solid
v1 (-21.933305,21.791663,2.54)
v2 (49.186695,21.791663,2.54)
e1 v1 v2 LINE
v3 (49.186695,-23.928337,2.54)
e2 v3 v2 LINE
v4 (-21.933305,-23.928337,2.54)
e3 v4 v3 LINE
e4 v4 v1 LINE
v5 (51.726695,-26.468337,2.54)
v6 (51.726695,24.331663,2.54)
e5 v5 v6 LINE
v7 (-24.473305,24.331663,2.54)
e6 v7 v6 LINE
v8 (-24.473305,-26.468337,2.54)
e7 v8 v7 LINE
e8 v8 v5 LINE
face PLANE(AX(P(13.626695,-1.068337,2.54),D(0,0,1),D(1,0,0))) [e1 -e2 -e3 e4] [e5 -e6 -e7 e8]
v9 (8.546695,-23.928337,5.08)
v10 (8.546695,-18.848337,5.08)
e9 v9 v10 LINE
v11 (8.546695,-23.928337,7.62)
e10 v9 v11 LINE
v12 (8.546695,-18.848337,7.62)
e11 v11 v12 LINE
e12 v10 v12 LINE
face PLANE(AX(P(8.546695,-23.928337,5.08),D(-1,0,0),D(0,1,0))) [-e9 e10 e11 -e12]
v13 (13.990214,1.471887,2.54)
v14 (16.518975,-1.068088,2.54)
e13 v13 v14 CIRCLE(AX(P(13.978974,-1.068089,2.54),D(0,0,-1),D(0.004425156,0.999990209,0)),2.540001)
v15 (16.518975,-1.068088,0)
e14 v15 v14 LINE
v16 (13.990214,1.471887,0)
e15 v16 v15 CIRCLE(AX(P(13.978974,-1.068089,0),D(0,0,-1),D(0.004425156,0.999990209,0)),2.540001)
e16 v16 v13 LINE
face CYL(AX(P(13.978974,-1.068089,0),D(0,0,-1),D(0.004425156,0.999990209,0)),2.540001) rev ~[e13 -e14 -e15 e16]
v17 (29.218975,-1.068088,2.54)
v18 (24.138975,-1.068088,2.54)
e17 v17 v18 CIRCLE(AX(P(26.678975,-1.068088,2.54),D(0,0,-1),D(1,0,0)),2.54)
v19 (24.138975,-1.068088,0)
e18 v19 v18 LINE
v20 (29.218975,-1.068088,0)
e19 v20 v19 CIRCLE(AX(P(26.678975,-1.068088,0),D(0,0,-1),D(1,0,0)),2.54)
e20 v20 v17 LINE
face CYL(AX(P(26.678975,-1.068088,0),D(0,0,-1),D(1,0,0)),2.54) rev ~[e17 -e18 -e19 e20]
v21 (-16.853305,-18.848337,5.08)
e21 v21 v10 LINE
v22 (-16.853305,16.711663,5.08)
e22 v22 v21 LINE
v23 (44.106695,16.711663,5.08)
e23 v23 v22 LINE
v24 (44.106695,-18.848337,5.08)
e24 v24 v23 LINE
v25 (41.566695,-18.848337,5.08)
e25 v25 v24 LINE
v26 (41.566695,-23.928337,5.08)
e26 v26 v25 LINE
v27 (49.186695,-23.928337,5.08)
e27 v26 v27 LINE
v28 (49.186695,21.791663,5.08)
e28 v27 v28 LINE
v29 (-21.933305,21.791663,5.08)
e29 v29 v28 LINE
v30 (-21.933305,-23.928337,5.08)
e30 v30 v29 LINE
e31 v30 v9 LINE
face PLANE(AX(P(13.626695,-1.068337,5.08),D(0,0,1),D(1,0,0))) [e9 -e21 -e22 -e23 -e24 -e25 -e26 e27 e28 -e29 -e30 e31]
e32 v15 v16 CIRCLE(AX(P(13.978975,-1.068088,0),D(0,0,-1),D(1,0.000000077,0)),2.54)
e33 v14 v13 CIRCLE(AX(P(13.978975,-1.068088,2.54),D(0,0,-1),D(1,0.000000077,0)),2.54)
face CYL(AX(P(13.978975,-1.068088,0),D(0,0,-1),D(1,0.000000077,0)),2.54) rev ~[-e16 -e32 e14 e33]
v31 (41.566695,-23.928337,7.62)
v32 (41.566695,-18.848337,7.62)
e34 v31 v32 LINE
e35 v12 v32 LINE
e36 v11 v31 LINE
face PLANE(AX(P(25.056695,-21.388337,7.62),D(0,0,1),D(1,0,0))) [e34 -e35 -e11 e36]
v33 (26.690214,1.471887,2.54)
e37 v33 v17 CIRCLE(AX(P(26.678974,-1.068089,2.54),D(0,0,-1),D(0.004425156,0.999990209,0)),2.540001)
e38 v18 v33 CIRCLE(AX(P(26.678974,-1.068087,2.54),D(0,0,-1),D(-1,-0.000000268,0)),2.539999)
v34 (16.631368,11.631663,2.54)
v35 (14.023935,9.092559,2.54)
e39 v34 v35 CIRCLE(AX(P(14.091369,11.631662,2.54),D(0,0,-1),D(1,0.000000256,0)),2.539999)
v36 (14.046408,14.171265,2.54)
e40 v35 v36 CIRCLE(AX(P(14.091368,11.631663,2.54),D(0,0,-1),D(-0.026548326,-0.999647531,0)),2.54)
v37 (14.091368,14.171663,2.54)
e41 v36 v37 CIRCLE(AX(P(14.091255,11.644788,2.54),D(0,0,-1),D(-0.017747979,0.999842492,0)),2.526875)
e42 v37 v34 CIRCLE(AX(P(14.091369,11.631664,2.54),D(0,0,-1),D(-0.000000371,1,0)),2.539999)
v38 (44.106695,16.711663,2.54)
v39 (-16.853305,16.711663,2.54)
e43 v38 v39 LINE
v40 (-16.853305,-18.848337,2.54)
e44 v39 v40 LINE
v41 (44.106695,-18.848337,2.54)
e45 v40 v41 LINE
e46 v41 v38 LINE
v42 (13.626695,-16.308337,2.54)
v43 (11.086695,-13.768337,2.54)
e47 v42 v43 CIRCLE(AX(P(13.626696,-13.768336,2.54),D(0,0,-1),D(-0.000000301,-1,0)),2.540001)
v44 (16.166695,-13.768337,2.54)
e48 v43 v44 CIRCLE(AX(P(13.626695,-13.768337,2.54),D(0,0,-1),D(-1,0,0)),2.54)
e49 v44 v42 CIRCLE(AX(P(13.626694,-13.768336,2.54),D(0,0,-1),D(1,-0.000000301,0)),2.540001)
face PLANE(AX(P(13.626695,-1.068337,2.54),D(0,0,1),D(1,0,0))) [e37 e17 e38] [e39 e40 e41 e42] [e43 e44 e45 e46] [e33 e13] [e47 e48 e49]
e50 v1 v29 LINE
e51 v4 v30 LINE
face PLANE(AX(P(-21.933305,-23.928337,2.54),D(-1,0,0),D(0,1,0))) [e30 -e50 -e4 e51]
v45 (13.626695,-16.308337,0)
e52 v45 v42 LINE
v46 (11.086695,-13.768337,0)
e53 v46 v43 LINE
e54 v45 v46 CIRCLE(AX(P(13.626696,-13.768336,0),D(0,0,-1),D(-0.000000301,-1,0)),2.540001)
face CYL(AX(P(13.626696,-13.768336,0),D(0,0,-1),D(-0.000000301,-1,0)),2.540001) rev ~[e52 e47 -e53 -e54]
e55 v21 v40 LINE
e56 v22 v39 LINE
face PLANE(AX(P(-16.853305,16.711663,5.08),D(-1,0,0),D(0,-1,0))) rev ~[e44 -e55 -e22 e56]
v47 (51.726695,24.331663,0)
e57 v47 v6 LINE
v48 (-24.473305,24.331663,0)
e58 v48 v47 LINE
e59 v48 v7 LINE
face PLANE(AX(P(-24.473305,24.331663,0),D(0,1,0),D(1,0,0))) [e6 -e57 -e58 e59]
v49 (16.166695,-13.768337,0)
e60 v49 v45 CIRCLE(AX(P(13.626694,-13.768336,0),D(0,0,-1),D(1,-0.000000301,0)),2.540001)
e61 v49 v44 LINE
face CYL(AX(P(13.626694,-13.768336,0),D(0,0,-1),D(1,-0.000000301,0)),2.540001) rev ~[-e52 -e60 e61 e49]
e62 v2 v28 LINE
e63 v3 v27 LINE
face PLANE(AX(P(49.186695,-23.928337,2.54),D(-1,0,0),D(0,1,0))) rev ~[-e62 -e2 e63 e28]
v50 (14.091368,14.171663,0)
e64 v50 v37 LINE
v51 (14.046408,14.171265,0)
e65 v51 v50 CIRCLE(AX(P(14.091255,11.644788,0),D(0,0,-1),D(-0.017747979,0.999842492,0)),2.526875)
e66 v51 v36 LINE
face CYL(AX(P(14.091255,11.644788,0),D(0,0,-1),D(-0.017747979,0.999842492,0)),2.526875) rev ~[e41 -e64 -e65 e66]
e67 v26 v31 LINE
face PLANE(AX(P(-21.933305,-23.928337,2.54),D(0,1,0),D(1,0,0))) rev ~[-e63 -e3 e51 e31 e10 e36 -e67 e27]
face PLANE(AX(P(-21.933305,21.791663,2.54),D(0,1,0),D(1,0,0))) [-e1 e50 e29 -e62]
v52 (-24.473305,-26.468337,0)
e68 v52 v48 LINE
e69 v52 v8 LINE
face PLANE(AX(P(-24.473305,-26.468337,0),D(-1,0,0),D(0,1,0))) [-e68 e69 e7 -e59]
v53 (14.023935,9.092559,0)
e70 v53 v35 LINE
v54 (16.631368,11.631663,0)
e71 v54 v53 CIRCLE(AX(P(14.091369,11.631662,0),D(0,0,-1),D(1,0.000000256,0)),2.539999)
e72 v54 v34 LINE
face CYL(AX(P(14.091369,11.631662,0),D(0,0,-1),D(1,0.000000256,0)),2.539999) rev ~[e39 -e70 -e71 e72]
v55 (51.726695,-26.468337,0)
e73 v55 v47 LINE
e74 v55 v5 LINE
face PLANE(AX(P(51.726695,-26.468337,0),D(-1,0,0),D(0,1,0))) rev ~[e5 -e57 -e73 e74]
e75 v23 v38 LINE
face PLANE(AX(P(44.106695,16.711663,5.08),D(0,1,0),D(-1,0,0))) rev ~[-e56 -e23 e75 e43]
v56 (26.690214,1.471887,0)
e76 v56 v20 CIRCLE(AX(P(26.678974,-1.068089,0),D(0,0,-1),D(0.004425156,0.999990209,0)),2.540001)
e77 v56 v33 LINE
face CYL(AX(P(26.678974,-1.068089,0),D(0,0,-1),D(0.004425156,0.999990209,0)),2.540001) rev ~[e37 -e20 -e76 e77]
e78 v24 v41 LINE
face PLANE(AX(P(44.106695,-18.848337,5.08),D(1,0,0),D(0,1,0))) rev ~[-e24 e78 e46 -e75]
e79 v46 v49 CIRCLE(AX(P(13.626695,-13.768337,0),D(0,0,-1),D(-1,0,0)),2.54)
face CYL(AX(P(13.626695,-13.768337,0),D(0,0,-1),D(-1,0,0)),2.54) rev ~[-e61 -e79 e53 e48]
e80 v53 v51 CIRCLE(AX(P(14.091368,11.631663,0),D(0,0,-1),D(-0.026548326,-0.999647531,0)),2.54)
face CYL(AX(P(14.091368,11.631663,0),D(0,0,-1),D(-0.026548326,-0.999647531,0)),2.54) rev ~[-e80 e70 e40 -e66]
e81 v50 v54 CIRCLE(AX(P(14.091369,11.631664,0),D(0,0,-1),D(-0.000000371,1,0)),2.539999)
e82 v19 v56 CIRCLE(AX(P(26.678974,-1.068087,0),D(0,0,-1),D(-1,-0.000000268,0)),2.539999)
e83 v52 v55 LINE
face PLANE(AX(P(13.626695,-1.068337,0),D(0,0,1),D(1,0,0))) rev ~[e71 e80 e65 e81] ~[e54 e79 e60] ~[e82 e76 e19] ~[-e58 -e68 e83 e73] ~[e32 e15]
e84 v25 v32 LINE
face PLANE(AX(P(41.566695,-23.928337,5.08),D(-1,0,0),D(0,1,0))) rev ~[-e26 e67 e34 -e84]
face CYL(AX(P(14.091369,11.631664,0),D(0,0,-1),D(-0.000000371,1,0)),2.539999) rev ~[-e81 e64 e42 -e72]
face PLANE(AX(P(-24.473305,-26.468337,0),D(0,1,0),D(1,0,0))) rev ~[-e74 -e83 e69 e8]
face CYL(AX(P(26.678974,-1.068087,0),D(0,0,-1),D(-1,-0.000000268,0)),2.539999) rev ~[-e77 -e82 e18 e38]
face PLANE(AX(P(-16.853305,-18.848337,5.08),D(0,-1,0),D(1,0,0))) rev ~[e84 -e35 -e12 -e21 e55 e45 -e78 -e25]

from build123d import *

# Parameters (mm, degrees)
F0_W     = 76.2
F0_H     = 50.8
F1_DEPTH = 2.54
F2_W     = 71.12
F2_H     = 45.72
F3_DEPTH = 2.54
F4_W     = 33.02
F4_H     = 5.08
F5_DEPTH = 2.54
F7_DEPTH = 2.54
F9_DEPTH = 25.4


with BuildPart() as f1:
    # F0 (on Top) → F1 (new body)
    with BuildSketch(Plane.XY):
        with Locations((13.626695, -1.068337)):
            Rectangle(F0_W, F0_H)
    extrude(amount=F1_DEPTH)

    # F2 (on face) → F3 (join)
    with BuildSketch(Plane.XY.offset(2.54)):
        with Locations((13.626695, -1.068337)):
            Rectangle(F2_W, F2_H)
    extrude(amount=F3_DEPTH)

    # F4 (on face) → F5 (join)
    with BuildSketch(Plane.XY.offset(5.08)):
        with Locations((25.056695, -21.388337)):
            Rectangle(F4_W, F4_H)
    extrude(amount=F5_DEPTH)

    # F6 (on face) → F7 (cut)
    with BuildSketch(Plane.XY.offset(5.08)):
        Polygon((44.106695, 16.711663), (-16.853305, 16.711663), (-16.853305, -18.848337), (8.546695, -18.848337), (41.566695, -18.848337), (44.106695, -18.848337), align=None)
    extrude(amount=-F7_DEPTH, mode=Mode.SUBTRACT)

    # F8 (on face) → F9 (cut)
    with BuildSketch(Plane(origin=(0, 0, 0), x_dir=(1, 0, 0), z_dir=(0, 0, -1))):
        with BuildLine():
            Line((13.626695, 13.768337), (13.626695, 16.308337))
            ThreePointArc((13.626695, 16.308337), (11.830644, 15.564388), (11.086695, 13.768337))
            Line((11.086695, 13.768337), (13.626695, 13.768337))
        make_face()
        with BuildLine():
            ThreePointArc((11.086695, 13.768337), (13.626695, 11.228337), (16.166695, 13.768337))
            ThreePointArc((16.166695, 13.768337), (15.422746, 15.564388), (13.626695, 16.308337))
            Line((13.626695, 16.308337), (13.626695, 13.768337))
            Line((13.626695, 13.768337), (11.086695, 13.768337))
        make_face()
        with BuildLine():
            Line((13.978975, 1.068088), (13.990214, -1.471887))
            ThreePointArc((13.990214, -1.471887), (15.778995, -0.723985), (16.518975, 1.068088))
            Line((16.518975, 1.068088), (13.978975, 1.068088))
        make_face()
        with BuildLine():
            ThreePointArc((16.518975, 1.068088), (12.178954, 2.860161), (13.990214, -1.471887))
            Line((13.990214, -1.471887), (13.978975, 1.068088))
            Line((13.978975, 1.068088), (16.518975, 1.068088))
        make_face()
        with BuildLine():
            ThreePointArc((14.046408, -14.171265), (14.068887, -14.171564), (14.091368, -14.171663))
            ThreePointArc((14.091368, -14.171663), (15.887419, -13.427715), (16.631368, -11.631663))
            ThreePointArc((16.631368, -11.631663), (15.863418, -9.811927), (14.023935, -9.092559))
            Line((14.023935, -9.092559), (14.046408, -14.171265))
        make_face()
        with BuildLine():
            ThreePointArc((14.023935, -9.092559), (11.551393, -11.642903), (14.046408, -14.171265))
            Line((14.046408, -14.171265), (14.023935, -9.092559))
        make_face()
        with BuildLine():
            Line((26.678975, 1.068088), (26.690214, -1.471887))
            ThreePointArc((26.690214, -1.471887), (28.478995, -0.723985), (29.218975, 1.068088))
            ThreePointArc((29.218975, 1.068088), (26.678975, 3.608088), (24.138975, 1.068088))
            Line((24.138975, 1.068088), (26.678975, 1.068088))
        make_face()
        with BuildLine():
            ThreePointArc((24.138975, 1.068088), (24.886902, -0.731933), (26.690214, -1.471887))
            Line((26.690214, -1.471887), (26.678975, 1.068088))
            Line((26.678975, 1.068088), (24.138975, 1.068088))
        make_face()
    extrude(amount=-F9_DEPTH, mode=Mode.SUBTRACT)


solid = f1.part
